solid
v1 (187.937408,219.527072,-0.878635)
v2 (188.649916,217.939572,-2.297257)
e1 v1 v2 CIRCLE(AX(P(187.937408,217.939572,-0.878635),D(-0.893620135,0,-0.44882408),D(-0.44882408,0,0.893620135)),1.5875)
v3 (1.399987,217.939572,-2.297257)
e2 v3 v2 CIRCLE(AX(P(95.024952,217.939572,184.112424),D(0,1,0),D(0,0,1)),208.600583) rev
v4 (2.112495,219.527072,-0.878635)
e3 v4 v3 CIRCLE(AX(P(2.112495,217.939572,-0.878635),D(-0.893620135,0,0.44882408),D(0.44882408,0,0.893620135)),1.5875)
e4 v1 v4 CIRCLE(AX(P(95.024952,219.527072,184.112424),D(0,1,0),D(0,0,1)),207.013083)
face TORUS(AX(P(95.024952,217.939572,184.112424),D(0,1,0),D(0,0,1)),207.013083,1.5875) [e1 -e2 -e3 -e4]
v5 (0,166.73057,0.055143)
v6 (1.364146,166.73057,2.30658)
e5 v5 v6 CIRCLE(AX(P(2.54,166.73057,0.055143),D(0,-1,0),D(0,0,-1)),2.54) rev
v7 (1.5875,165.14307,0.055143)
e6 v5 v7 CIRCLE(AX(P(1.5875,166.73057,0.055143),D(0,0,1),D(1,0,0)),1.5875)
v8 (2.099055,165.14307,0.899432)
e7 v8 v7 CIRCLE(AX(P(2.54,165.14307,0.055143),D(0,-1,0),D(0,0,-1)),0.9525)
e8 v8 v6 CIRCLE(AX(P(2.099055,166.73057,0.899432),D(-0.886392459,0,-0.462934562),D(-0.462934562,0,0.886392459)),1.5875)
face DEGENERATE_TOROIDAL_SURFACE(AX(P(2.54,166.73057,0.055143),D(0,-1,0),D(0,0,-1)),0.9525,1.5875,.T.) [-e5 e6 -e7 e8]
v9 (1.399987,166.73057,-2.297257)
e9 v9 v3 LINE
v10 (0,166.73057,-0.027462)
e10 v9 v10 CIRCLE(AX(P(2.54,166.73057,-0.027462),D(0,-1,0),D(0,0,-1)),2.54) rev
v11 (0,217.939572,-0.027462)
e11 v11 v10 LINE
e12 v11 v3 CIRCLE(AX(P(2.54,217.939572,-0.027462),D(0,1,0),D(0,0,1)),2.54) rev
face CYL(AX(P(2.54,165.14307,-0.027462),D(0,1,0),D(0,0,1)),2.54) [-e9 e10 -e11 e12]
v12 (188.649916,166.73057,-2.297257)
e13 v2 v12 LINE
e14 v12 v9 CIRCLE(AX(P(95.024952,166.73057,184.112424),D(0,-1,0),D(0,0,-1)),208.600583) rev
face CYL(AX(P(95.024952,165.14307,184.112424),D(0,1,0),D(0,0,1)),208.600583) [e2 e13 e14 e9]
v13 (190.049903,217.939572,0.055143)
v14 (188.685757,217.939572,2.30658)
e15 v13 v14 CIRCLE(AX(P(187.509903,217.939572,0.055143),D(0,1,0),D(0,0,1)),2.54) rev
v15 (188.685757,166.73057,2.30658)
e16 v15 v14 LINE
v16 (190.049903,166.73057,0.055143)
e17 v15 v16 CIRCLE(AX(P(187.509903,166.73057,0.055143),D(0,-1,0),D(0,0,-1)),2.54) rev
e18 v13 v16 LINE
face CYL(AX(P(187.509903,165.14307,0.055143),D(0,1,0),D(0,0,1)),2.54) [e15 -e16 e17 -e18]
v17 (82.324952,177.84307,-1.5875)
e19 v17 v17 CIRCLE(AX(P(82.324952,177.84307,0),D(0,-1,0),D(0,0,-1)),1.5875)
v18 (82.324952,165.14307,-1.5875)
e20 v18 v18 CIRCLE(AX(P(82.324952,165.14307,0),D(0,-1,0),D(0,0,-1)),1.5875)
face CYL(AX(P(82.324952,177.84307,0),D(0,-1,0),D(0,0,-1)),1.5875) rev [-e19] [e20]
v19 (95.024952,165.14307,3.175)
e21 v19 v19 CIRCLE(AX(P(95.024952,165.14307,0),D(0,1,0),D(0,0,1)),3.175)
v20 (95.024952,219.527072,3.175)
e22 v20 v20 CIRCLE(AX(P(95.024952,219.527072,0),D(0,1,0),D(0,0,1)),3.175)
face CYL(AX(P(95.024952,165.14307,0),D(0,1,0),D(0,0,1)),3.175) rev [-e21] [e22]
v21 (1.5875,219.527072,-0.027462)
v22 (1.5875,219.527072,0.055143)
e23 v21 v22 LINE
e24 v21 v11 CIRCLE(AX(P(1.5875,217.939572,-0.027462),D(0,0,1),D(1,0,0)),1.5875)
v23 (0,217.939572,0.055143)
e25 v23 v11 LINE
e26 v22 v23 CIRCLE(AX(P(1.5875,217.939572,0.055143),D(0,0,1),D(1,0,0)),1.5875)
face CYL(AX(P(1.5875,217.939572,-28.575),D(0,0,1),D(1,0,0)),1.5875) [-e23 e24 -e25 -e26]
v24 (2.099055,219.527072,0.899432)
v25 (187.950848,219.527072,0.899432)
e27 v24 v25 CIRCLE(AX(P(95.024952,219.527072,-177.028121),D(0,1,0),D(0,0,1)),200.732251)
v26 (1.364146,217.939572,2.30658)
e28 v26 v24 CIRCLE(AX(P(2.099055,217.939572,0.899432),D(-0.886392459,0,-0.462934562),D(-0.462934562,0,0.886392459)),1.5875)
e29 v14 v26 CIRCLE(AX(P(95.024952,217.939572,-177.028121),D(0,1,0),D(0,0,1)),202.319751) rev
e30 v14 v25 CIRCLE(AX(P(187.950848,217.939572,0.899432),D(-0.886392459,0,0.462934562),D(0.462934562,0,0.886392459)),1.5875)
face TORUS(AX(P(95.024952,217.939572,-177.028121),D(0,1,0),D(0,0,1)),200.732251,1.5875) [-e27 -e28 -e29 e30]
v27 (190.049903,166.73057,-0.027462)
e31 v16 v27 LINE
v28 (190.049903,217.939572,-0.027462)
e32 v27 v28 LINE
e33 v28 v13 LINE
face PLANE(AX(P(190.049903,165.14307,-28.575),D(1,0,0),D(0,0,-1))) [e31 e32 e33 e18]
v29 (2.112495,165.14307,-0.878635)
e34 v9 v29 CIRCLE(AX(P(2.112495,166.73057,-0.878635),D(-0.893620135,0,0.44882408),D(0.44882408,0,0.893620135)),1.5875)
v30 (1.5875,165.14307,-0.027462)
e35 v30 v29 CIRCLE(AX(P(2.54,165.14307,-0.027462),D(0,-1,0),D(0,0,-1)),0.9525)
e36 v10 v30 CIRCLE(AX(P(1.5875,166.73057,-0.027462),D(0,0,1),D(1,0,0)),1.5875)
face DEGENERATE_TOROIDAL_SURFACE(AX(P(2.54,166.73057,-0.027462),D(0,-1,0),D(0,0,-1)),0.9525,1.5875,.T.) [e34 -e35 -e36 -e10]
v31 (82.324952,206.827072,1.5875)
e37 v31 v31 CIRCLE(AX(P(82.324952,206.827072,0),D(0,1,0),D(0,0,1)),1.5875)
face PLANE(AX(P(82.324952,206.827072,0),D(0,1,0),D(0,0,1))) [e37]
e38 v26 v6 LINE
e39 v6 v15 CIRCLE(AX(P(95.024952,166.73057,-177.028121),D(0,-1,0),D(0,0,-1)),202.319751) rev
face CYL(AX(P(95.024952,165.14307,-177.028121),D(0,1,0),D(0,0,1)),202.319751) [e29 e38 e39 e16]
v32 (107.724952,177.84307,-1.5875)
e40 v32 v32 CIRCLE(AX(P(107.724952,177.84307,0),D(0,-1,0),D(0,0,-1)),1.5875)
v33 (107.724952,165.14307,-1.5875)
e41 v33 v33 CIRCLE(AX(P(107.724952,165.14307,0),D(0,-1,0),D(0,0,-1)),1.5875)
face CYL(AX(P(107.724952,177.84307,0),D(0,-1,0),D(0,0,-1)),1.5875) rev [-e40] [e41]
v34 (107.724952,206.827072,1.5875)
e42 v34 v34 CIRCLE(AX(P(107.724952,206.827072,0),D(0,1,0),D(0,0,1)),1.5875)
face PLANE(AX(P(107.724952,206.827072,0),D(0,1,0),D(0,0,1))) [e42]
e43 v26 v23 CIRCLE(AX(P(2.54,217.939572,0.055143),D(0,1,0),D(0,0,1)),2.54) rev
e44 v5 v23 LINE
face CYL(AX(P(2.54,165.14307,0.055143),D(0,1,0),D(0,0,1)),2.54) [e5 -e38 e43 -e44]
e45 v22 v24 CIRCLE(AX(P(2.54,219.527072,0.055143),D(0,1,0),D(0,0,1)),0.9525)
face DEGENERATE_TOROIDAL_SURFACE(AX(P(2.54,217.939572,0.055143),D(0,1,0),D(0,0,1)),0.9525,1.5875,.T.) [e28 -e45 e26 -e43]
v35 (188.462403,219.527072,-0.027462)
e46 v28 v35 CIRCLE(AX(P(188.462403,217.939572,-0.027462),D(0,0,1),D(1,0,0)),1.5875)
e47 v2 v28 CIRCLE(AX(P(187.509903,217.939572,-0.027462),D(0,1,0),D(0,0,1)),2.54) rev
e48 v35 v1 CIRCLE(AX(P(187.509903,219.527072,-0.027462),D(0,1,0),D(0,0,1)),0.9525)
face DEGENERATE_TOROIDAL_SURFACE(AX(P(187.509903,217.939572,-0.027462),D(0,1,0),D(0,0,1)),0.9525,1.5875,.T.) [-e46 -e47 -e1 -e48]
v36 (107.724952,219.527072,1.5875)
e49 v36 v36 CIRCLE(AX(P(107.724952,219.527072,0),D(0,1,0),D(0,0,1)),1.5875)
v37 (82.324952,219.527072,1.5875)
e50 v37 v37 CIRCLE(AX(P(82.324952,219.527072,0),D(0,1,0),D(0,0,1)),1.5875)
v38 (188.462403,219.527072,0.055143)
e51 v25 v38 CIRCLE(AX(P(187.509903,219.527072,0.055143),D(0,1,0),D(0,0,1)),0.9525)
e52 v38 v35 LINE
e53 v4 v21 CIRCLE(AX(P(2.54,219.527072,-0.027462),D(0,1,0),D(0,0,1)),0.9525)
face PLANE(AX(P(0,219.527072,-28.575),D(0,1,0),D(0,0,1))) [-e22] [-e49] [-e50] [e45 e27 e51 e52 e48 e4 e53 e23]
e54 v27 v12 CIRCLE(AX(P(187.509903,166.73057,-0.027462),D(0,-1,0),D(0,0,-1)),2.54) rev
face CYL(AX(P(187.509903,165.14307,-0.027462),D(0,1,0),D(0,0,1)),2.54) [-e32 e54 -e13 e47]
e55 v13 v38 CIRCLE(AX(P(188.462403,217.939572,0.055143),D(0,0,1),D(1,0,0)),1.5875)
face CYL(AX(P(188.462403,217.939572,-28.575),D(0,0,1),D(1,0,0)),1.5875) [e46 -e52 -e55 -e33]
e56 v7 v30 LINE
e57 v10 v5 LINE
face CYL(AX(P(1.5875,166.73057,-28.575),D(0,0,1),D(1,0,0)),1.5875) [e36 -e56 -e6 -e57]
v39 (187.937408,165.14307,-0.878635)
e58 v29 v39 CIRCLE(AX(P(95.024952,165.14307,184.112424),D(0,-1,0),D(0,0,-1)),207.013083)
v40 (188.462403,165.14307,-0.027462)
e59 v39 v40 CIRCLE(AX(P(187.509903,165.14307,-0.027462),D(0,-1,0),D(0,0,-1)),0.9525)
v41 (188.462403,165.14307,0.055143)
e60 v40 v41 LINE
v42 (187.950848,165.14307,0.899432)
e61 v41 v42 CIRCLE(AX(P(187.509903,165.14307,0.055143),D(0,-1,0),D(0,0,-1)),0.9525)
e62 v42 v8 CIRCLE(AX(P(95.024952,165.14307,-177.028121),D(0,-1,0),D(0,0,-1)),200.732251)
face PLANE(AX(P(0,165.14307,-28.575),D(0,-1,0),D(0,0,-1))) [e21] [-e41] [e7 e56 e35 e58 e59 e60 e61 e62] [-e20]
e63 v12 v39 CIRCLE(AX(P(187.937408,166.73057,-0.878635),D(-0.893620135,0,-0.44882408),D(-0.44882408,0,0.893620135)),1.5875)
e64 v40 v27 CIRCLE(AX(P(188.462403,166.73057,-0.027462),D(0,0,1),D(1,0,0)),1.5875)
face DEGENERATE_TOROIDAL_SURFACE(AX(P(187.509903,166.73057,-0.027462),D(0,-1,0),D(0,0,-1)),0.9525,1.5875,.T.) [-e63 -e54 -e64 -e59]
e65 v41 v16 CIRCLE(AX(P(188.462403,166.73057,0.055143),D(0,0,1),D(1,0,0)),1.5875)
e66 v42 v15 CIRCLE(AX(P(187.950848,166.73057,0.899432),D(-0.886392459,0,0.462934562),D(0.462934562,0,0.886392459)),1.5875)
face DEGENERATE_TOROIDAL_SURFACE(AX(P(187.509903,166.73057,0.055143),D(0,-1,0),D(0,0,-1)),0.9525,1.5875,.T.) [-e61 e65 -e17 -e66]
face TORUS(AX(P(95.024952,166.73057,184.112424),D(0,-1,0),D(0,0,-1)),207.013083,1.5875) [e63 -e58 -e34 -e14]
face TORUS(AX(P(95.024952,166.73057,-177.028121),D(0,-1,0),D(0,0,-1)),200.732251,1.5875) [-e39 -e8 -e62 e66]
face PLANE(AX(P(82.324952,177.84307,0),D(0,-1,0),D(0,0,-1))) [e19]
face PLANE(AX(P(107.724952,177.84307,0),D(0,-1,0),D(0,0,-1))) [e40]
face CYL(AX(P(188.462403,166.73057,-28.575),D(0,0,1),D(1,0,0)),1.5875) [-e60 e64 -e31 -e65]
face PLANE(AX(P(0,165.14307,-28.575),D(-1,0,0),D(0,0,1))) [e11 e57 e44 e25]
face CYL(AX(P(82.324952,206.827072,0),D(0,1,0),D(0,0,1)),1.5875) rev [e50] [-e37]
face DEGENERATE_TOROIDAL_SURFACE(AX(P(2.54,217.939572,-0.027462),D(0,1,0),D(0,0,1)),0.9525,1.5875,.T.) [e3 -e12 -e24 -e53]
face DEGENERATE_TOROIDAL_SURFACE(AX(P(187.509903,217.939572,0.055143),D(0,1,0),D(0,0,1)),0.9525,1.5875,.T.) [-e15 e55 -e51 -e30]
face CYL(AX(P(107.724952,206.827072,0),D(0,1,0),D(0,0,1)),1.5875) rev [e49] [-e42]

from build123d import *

# Parameters (mm, degrees)
BOSS_EXTRUDE1_DEPTH      = 28.575
BOSS_EXTRUDE1_DEPTH_BACK = 28.575
SKETCH1_W                = 190.049903163
SKETCH1_H                = 54.384002277
SKETCH2_W                = 210.421602417
SKETCH2_H                = 85.92215432
CUT_EXTRUDE1_DEPTH       = 200.732611311
SKETCH3_R                = 3.175
CUT_EXTRUDE2_DEPTH       = 200.28936731
FILLET1_R                = 2.54
FILLET2_R                = 1.5875
SKETCH4_R                = 1.5875
CUT_EXTRUDE3_DEPTH       = 12.7
CUT_EXTRUDE4_START       = -12.7
SKETCH5_R                = 1.5875
CUT_EXTRUDE4_DEPTH       = 12.7


with BuildPart() as part:
    # Sketch1 → Boss-Extrude1 (new, two sides: drawn at the far end of the back side and taken through both)
    with BuildSketch(Plane.XY.offset(-BOSS_EXTRUDE1_DEPTH_BACK)):
        with Locations((95.024951582, 192.335070701)):
            Rectangle(SKETCH1_W, SKETCH1_H)
    extrude(amount=BOSS_EXTRUDE1_DEPTH + BOSS_EXTRUDE1_DEPTH_BACK)

    # Sketch2 → Cut-Extrude1 (cut, through all)
    with BuildSketch(Plane(origin=(0, 219.527071839, 0), x_dir=(1, 0, 0), z_dir=(0, 1, 0))):
        with Locations((94.245612314, -0.876756677)):
            Rectangle(SKETCH2_W, SKETCH2_H)
        with BuildLine():
            Line((0, 1.5875), (0, -1.5875))
            ThreePointArc((0, -1.5875), (95.024951582, -25.291629574), (190.049903163, -1.5875))
            Line((190.049903163, -1.5875), (190.049903163, 1.5875))
            ThreePointArc((190.049903163, 1.5875), (95.024951582, 24.488158935), (0, 1.5875))
        make_face(mode=Mode.SUBTRACT)
    extrude(amount=-CUT_EXTRUDE1_DEPTH, mode=Mode.SUBTRACT)

    # Sketch3 → Cut-Extrude2 (cut, through all)
    with BuildSketch(Plane(origin=(0, 219.527071839, 0), x_dir=(1, 0, 0), z_dir=(0, 1, 0))):
        with Locations((95.024951582, 0)):
            Circle(SKETCH3_R)
    extrude(amount=-CUT_EXTRUDE2_DEPTH, mode=Mode.SUBTRACT)

    # Fillet1
    fillet1_edges = [part.edges().sort_by_distance(p)[0] for p in [
        (190.049903163, 192.3350707, -1.5875),
        (190.049903163, 192.3350707, 1.5875),
        (0, 192.3350707, -1.5875),
        (0, 192.3350707, 1.5875),
    ]]
    fillet(fillet1_edges, radius=FILLET1_R)

    # Fillet2
    fillet2_edges = [part.edges().sort_by_distance(p)[0] for p in [
        (0.367643144, 165.143069562, 1.371374897),
        (0, 165.143069562, 0.013840704),
        (0.378145075, 165.143069562, -1.36087226),
        (95.024951582, 165.143069562, -24.488158935),
        (189.671758089, 165.143069562, -1.36087226),
        (190.049903163, 165.143069562, 0.013840704),
        (189.68226002, 165.143069562, 1.371374897),
        (0.367643144, 219.527071839, 1.371374897),
        (0, 219.527071839, 0.013840704),
        (0.378145075, 219.527071839, -1.36087226),
        (95.024951582, 219.527071839, -24.488158935),
        (189.671758089, 219.527071839, -1.36087226),
        (190.049903163, 219.527071839, 0.013840704),
        (189.68226002, 219.527071839, 1.371374897),
        (95.024951582, 165.143069562, 25.291629574),
        (95.024951582, 219.527071839, 25.291629574),
    ]]
    fillet(fillet2_edges, radius=FILLET2_R)

    # Sketch4 → Cut-Extrude3 (cut)
    with BuildSketch(Plane(origin=(0, 219.527071839, 0), x_dir=(1, 0, 0), z_dir=(0, 1, 0))):
        with Locations((107.724951582, 0)):
            Circle(SKETCH4_R)
        with Locations((82.324951582, 0)):
            Circle(SKETCH4_R)
    extrude(amount=-CUT_EXTRUDE3_DEPTH, mode=Mode.SUBTRACT)

    # Sketch5 → Cut-Extrude4 (cut)
    with BuildSketch(Plane.XZ.offset(-165.143069562).offset(CUT_EXTRUDE4_START)):
        with Locations((82.324951582, 0)):
            Circle(SKETCH5_R)
        with Locations((107.724951582, 0)):
            Circle(SKETCH5_R)
    extrude(amount=CUT_EXTRUDE4_DEPTH, mode=Mode.SUBTRACT)


solid = part.part
